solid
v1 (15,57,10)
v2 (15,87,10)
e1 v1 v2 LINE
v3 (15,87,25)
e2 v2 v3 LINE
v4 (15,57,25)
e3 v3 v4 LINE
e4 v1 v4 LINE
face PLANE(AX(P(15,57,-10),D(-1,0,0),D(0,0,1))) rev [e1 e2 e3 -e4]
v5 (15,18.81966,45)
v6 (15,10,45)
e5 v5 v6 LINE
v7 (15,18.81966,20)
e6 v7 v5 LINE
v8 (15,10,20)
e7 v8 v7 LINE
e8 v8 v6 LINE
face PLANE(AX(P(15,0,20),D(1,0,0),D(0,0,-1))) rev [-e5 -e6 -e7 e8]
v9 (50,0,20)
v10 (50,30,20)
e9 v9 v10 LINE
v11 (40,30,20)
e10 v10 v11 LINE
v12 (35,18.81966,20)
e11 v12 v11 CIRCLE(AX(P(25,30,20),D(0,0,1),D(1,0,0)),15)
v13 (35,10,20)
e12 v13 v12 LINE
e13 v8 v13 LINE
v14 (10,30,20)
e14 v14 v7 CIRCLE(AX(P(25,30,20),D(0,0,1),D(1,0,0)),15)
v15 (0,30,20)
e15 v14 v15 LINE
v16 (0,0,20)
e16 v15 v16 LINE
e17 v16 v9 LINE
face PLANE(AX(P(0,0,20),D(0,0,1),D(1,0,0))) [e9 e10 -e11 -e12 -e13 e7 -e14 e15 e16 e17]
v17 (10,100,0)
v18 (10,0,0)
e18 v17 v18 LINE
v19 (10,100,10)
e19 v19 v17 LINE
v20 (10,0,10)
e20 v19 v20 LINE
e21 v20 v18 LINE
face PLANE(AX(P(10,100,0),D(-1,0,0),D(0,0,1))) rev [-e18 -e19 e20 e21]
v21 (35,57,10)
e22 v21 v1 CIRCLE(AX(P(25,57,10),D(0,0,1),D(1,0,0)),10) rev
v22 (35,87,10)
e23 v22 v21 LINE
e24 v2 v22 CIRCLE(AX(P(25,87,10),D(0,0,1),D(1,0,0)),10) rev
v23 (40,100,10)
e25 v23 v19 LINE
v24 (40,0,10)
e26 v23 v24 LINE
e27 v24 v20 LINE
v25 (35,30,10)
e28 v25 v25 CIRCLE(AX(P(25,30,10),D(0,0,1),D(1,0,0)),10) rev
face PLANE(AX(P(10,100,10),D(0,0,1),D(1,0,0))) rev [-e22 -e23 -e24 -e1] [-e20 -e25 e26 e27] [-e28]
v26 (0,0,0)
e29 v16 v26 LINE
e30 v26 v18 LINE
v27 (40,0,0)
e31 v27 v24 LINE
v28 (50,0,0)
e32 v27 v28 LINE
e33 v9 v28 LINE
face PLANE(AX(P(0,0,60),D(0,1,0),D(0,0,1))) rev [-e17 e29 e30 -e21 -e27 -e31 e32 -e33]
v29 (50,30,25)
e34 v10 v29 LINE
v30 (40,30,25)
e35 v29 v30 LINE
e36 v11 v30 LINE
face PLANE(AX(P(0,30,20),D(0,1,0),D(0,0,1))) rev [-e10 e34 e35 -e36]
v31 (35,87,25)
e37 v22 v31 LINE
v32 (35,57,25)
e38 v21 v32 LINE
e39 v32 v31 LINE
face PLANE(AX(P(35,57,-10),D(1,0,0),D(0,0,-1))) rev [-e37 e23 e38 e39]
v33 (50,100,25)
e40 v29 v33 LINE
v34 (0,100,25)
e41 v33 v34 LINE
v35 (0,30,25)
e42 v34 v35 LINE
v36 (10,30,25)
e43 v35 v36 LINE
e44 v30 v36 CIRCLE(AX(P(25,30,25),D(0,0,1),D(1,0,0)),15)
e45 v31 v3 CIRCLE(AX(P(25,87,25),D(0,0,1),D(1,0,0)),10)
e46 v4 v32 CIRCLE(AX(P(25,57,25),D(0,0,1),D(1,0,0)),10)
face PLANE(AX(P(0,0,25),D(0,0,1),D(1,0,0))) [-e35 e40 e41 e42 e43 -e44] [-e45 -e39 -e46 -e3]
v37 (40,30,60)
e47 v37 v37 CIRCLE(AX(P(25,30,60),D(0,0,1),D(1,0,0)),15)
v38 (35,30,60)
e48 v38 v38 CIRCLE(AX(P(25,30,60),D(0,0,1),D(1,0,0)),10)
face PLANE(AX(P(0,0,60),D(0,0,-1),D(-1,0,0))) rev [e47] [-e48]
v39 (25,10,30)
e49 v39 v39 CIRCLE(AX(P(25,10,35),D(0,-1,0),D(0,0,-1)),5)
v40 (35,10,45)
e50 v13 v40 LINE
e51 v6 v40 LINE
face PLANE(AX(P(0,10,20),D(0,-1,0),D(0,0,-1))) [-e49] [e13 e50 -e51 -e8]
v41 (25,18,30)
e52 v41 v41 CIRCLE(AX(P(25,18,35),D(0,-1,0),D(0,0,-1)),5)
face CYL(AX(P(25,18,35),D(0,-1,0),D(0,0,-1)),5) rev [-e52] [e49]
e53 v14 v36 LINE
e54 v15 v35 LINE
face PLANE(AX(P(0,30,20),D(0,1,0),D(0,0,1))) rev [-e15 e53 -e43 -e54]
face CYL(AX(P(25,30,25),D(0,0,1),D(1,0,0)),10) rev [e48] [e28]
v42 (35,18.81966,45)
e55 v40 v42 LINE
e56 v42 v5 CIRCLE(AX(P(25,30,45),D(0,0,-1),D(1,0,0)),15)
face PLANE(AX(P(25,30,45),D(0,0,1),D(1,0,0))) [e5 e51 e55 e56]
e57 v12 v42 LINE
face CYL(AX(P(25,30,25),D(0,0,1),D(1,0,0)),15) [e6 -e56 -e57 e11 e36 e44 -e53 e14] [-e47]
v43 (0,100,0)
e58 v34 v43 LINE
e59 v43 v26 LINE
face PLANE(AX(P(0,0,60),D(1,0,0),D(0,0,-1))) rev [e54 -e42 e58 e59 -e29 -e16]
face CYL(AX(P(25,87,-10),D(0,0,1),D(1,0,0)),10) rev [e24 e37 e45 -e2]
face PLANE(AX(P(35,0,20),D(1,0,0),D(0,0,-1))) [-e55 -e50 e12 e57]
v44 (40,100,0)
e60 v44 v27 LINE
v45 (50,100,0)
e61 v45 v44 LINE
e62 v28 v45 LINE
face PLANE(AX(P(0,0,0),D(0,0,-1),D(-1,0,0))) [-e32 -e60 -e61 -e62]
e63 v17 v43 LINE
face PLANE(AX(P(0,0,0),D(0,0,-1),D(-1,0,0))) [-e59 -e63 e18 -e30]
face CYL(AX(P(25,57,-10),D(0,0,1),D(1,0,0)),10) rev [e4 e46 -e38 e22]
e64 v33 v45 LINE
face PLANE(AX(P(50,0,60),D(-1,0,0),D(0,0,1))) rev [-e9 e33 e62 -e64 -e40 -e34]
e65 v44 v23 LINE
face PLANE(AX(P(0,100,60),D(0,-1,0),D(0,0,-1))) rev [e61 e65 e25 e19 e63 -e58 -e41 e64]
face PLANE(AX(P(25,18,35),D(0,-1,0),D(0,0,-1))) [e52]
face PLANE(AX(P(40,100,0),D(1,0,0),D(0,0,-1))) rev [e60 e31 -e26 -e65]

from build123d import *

# Parameters (mm, degrees)
IZIM1_W                     = 50
IZIM1_H                     = 100
Y_KSEKLIK_EKSTR_ZYON1_DEPTH = 60
IZIM2_R                     = 10
KES_EKSTR_ZYON2_DEPTH       = 35
IZIM3_R                     = 10
KES_EKSTR_ZYON3_DEPTH       = 35
KES_EKSTR_ZYON4_DEPTH       = 40
KES_EKSTR_ZYON5_DEPTH       = 15
IZIM7_R                     = 5
KES_EKSTR_ZYON6_DEPTH       = 8
IZIM8_W                     = 30
IZIM8_H                     = 10
KES_EKSTR_ZYON7_DEPTH       = 101


with BuildPart() as part:
    # Çizim1 → Yükseklik-Ekstrüzyon1 (new body)
    with BuildSketch(Plane.XY):
        with Locations((25, 50)):
            Rectangle(IZIM1_W, IZIM1_H)
    extrude(amount=Y_KSEKLIK_EKSTR_ZYON1_DEPTH)

    # Çizim2 → Kes-Ekstrüzyon2 (cut)
    with BuildSketch(Plane.XY.offset(60)):
        with BuildLine():
            Line((0, 100), (0, 30))
            Line((0, 30), (10, 30))
            ThreePointArc((10, 30), (25, 45), (40, 30))
            Line((40, 30), (50, 30))
            Line((50, 30), (50, 100))
            Line((50, 100), (0, 100))
        make_face()
        with Locations((25, 30)):
            Circle(IZIM2_R)
    extrude(amount=-KES_EKSTR_ZYON2_DEPTH, mode=Mode.SUBTRACT)

    # Çizim3 → Kes-Ekstrüzyon3 (cut)
    with BuildSketch(Plane.XY.offset(25)):
        with Locations((25, 30)):
            Circle(IZIM3_R)
        with BuildLine():
            Line((15, 57), (15, 87))
            ThreePointArc((15, 87), (25, 97), (35, 87))
            Line((35, 87), (35, 57))
            ThreePointArc((35, 57), (25, 47), (15, 57))
        make_face()
    extrude(amount=-KES_EKSTR_ZYON3_DEPTH, mode=Mode.SUBTRACT)

    # Çizim5 → Kes-Ekstrüzyon4 (cut)
    with BuildSketch(Plane.XY.offset(60)):
        with BuildLine():
            Line((35, 10), (15, 10))
            Line((15, 10), (15, 18.819660113))
            ThreePointArc((15, 18.819660113), (11.306936062, 23.876275643), (10, 30))
            Line((10, 30), (0, 30))
            Line((0, 30), (0, 0))
            Line((0, 0), (50, 0))
            Line((50, 0), (50, 30))
            Line((50, 30), (40, 30))
            ThreePointArc((40, 30), (38.693063938, 23.876275643), (35, 18.819660113))
            Line((35, 18.819660113), (35, 10))
        make_face()
    extrude(amount=-KES_EKSTR_ZYON4_DEPTH, mode=Mode.SUBTRACT)

    # Çizim6 → Kes-Ekstrüzyon5 (cut)
    with BuildSketch(Plane.XY.offset(60)):
        with BuildLine():
            Line((15, 18.819660113), (15, 10))
            Line((15, 10), (35, 10))
            Line((35, 10), (35, 18.819660113))
            ThreePointArc((35, 18.819660113), (25, 15), (15, 18.819660113))
        make_face()
    extrude(amount=-KES_EKSTR_ZYON5_DEPTH, mode=Mode.SUBTRACT)

    # Çizim7 → Kes-Ekstrüzyon6 (cut)
    with BuildSketch(Plane.XZ.offset(-10)):
        with Locations((25, 35)):
            Circle(IZIM7_R)
    extrude(amount=-KES_EKSTR_ZYON6_DEPTH, mode=Mode.SUBTRACT)

    # Çizim8 → Kes-Ekstrüzyon7 (cut, through all)
    with BuildSketch(Plane.XZ):
        with Locations((25, 5)):
            Rectangle(IZIM8_W, IZIM8_H)
    extrude(amount=-KES_EKSTR_ZYON7_DEPTH, mode=Mode.SUBTRACT)


solid = part.part
